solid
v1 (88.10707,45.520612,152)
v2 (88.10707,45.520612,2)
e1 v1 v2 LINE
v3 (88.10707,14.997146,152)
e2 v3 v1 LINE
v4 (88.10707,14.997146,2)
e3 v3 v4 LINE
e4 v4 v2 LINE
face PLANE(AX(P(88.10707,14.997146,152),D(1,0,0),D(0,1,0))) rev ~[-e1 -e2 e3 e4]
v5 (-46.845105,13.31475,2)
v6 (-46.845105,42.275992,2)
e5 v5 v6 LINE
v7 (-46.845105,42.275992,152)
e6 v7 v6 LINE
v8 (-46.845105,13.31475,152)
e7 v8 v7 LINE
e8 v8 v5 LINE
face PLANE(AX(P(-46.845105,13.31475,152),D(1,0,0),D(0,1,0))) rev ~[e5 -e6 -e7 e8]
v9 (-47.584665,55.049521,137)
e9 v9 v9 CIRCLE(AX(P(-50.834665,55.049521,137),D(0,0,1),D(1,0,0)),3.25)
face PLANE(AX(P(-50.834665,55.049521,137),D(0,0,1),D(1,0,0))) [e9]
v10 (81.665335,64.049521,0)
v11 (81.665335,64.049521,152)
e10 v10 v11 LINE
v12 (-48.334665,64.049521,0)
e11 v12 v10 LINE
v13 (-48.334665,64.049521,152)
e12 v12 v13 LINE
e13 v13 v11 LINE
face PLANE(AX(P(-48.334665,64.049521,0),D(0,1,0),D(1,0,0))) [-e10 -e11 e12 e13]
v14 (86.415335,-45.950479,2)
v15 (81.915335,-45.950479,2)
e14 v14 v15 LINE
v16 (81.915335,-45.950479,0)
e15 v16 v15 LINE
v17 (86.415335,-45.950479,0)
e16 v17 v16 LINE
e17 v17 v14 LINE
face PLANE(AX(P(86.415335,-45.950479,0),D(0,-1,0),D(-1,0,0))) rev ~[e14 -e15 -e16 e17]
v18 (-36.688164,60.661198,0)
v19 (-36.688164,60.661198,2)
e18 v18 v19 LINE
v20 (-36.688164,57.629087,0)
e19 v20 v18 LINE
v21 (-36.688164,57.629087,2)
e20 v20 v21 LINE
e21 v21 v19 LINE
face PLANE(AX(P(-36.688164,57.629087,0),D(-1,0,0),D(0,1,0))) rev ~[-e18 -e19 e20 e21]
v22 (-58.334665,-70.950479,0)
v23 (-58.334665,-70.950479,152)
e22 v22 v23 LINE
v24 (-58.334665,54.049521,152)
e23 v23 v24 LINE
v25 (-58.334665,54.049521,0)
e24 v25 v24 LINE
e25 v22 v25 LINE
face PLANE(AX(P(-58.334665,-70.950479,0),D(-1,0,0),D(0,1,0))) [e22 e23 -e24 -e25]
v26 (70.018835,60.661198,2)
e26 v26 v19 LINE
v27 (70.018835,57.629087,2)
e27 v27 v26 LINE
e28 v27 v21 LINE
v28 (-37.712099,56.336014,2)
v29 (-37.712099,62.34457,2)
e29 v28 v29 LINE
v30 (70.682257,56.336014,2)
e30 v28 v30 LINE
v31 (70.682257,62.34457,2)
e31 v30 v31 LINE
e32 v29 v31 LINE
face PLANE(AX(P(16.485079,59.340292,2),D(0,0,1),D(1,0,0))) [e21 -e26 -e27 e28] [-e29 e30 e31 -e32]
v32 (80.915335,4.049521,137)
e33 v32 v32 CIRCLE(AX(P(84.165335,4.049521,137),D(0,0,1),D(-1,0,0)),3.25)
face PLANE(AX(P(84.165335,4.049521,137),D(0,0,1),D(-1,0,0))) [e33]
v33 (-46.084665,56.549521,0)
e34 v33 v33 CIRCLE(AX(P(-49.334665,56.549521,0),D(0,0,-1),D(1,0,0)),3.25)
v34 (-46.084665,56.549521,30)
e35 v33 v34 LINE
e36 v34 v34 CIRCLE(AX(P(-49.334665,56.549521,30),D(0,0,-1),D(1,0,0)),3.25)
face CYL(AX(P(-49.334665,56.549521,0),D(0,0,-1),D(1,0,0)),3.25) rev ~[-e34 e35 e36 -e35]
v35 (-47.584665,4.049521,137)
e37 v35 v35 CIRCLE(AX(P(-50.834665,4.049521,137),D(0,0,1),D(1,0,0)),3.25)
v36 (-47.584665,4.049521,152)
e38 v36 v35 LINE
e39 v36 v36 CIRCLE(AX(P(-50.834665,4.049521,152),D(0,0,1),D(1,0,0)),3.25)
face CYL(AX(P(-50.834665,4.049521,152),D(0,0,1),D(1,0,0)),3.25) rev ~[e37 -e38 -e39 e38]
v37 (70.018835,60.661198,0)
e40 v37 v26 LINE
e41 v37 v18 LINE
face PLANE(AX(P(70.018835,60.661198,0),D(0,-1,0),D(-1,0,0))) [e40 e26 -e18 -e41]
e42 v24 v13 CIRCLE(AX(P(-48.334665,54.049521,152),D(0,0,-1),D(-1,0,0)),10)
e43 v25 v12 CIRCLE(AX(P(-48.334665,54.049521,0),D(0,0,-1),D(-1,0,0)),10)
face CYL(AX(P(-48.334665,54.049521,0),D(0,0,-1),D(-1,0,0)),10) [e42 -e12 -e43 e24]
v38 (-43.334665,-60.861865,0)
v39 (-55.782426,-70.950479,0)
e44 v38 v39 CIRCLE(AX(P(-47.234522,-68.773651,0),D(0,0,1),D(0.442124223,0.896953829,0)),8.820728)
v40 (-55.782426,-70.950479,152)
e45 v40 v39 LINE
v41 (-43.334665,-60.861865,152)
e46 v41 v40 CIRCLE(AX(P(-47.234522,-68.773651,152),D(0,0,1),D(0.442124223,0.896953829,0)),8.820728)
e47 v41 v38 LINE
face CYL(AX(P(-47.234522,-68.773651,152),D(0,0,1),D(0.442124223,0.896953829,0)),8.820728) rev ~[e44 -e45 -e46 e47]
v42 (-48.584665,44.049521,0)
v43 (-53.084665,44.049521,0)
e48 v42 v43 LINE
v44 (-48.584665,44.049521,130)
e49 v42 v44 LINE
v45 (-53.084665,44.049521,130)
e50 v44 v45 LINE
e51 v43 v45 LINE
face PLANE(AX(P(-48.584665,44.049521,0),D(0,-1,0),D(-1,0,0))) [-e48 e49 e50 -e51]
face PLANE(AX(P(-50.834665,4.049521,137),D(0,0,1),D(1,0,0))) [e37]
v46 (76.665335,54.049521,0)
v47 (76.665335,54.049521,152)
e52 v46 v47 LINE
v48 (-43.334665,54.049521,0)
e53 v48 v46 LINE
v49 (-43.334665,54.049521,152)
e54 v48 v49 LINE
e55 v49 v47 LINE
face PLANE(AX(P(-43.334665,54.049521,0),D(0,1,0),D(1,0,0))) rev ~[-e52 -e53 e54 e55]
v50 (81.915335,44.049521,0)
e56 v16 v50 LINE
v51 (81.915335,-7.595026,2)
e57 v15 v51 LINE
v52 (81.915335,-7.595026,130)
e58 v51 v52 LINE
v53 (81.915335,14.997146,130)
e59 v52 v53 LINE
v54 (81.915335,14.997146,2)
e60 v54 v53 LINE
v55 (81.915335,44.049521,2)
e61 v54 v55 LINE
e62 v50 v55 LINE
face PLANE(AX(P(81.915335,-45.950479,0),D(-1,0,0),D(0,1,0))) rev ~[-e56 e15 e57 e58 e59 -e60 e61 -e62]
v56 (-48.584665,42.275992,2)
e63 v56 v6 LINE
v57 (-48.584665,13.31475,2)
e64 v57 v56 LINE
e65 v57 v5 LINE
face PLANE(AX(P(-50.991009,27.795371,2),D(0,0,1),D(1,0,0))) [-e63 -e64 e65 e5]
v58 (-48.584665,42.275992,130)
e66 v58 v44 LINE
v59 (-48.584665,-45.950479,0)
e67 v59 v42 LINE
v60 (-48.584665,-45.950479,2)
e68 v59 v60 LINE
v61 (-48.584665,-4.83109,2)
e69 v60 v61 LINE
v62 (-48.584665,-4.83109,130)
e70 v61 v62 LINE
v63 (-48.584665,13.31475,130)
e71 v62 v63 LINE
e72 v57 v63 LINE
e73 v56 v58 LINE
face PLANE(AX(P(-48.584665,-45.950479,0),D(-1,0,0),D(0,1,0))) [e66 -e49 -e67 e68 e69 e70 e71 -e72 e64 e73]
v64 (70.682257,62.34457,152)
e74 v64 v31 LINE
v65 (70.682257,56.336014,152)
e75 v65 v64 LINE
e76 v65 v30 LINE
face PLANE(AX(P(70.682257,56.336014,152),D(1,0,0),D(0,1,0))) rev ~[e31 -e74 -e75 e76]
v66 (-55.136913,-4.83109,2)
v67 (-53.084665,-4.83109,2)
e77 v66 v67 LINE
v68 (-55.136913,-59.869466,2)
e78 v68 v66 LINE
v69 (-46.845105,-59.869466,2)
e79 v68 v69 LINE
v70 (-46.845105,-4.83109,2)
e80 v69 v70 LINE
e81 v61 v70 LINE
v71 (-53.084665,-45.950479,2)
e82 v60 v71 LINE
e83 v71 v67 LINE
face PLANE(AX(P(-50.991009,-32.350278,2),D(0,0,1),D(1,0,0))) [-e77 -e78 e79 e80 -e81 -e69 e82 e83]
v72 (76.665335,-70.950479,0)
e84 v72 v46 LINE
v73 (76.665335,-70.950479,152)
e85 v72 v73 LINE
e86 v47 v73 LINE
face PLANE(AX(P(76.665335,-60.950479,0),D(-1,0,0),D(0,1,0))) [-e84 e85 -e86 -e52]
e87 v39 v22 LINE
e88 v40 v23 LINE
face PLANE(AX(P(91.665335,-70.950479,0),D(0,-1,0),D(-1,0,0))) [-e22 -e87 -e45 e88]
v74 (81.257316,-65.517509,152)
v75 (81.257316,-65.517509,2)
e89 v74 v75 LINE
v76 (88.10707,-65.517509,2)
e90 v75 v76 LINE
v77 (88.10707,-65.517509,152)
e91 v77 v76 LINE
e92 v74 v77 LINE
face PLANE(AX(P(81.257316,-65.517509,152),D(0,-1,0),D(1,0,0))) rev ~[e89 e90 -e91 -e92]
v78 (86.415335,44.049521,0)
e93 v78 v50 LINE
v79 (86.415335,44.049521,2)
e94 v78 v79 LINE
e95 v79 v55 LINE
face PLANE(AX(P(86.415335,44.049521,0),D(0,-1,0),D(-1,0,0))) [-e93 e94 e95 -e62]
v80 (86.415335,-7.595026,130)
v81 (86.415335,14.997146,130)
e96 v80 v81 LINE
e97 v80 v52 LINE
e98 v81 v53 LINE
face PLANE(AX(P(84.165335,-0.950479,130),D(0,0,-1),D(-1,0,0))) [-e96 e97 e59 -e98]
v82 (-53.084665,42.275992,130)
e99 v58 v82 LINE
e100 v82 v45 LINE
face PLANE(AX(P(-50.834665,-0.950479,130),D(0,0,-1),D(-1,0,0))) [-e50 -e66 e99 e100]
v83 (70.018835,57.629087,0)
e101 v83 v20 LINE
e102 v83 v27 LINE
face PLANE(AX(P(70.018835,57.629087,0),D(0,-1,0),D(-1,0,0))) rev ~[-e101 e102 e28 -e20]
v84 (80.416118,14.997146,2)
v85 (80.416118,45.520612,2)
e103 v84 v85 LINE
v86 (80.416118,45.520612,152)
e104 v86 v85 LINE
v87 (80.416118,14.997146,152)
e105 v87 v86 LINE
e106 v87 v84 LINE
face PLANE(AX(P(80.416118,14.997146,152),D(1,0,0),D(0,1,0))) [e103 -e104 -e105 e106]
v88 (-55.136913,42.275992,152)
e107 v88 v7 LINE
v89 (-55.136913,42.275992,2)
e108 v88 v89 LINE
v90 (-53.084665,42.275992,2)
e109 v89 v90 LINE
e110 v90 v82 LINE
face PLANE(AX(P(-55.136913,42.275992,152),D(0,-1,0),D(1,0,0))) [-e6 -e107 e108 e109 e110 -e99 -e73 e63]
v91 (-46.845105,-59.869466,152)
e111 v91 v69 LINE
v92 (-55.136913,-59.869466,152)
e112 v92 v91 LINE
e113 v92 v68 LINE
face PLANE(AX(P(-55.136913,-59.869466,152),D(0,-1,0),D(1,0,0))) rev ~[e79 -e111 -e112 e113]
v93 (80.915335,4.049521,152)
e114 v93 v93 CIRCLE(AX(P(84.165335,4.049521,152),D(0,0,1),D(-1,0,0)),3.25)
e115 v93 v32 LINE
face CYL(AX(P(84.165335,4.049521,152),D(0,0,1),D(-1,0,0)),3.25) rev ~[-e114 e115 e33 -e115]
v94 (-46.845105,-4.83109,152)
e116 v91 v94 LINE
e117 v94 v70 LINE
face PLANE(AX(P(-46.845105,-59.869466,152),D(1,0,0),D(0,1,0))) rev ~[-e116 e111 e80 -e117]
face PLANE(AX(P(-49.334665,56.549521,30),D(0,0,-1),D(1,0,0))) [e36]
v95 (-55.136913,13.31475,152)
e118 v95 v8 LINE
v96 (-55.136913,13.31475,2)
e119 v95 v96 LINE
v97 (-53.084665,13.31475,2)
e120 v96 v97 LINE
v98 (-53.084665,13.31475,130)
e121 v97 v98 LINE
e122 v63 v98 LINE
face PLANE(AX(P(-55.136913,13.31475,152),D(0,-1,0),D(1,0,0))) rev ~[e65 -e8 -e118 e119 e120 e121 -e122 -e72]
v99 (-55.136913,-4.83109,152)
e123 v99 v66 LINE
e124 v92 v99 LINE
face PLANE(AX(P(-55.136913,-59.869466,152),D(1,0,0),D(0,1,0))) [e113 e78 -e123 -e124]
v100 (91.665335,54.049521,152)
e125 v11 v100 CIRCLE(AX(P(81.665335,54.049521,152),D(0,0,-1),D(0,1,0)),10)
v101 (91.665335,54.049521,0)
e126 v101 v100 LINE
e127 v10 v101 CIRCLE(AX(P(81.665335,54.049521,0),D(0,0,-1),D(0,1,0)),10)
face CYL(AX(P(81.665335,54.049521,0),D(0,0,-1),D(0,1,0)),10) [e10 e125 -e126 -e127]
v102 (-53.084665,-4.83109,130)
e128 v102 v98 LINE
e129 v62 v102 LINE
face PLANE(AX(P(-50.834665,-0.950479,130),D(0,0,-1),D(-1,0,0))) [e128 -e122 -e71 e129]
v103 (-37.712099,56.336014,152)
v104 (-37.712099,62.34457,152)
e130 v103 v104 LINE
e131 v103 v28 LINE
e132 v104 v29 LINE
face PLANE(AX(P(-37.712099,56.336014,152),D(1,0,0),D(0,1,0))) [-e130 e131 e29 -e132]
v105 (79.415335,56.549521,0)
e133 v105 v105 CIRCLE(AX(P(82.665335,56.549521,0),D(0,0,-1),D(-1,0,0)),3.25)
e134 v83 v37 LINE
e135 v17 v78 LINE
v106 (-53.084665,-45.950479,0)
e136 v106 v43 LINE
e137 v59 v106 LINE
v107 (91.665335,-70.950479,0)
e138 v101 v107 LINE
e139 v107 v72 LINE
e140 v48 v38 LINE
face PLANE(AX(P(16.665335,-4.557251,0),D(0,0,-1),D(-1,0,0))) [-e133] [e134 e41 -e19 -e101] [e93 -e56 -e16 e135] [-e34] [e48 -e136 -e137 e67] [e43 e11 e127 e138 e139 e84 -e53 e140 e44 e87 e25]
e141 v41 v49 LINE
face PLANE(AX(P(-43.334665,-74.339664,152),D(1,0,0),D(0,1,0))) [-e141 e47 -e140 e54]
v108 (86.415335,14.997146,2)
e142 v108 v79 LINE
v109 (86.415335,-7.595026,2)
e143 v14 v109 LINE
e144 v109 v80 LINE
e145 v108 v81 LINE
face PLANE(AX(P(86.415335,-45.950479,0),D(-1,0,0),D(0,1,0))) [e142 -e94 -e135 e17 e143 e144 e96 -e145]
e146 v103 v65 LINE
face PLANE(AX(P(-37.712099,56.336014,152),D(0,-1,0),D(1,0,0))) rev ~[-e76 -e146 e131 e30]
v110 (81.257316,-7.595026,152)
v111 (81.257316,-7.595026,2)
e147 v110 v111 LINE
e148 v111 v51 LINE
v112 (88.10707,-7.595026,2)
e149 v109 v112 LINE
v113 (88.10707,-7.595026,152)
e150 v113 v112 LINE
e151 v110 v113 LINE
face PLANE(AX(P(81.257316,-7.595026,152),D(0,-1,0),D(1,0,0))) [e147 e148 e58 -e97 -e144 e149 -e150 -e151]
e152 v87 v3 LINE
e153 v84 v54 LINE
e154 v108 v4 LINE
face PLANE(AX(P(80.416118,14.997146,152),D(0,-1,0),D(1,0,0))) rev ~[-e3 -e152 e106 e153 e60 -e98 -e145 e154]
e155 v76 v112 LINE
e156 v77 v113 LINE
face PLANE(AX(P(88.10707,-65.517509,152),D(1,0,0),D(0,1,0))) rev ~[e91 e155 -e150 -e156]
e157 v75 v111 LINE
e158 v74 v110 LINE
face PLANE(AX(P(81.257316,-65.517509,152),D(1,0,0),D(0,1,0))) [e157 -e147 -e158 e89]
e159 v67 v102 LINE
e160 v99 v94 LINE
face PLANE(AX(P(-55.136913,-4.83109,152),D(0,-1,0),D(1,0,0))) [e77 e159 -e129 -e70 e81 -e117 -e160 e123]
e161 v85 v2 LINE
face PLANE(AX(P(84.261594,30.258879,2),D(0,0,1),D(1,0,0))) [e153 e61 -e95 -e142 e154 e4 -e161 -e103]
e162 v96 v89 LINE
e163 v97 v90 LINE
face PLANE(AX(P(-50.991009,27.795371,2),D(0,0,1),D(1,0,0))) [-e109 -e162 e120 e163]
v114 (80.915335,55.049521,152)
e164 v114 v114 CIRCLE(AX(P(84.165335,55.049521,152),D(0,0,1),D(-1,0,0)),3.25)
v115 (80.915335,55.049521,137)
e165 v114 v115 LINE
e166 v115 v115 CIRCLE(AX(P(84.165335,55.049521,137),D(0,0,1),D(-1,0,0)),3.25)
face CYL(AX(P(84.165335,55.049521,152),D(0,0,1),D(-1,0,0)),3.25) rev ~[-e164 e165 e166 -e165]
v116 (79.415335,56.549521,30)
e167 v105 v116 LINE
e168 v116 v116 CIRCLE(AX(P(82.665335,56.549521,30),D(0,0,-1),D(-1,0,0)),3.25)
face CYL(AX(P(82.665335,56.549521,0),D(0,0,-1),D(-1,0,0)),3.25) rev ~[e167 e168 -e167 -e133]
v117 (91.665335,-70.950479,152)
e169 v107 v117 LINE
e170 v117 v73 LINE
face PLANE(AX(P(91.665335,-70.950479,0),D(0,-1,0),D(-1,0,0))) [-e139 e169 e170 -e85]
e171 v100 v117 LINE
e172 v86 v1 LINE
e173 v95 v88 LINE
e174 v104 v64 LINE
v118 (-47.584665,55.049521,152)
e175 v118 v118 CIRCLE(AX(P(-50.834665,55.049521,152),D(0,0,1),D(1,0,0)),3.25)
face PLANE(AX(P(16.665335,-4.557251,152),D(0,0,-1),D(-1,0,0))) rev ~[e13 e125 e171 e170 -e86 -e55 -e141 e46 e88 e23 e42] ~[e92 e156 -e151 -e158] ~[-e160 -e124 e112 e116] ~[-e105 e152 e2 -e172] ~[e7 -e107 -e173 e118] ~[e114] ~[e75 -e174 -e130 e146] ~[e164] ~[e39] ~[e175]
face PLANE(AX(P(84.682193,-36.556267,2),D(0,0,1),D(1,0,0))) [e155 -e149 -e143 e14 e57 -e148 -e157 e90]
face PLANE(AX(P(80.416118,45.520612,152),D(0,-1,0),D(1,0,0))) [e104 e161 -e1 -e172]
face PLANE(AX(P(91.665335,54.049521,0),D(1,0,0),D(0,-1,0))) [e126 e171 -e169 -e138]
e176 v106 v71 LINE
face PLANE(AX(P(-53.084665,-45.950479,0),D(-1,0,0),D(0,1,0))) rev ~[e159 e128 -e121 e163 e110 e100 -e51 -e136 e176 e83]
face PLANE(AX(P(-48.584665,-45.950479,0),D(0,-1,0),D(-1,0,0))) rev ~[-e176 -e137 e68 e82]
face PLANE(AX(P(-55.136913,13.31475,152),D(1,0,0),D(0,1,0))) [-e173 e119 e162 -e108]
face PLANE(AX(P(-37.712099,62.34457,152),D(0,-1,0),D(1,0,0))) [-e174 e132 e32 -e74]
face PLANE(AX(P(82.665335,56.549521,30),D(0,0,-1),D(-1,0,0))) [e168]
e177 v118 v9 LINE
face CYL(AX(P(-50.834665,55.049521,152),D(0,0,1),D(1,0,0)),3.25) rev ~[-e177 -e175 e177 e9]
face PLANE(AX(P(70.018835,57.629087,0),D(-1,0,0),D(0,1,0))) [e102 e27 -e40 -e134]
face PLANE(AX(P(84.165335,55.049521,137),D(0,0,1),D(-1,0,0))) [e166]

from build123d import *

# Parameters (mm, degrees)
SKETCH2_W           = 120
SKETCH2_H           = 115
BOSS_EXTRUDE1_DEPTH = 152
SKETCH3_W           = 120
SKETCH3_H           = 13.389184999
CUT_EXTRUDE1_DEPTH  = 192.155706765
SKETCH5_R           = 3.25
CUT_EXTRUDE2_DEPTH  = 30
SKETCH6_W           = 4.5
SKETCH6_H           = 90
SKETCH6_W_2         = 106.706999447
SKETCH6_H_2         = 3.032111459
CUT_EXTRUDE4_DEPTH  = 130
SKETCH7_R           = 3.25
CUT_EXTRUDE5_DEPTH  = 15
SKETCH8_W           = 8.291807731
SKETCH8_H           = 28.961241497
SKETCH8_H_2         = 55.038375958
SKETCH8_W_2         = 108.394356143
SKETCH8_H_3         = 6.008556327
SKETCH8_W_3         = 7.690952099
SKETCH8_H_4         = 30.523466142
SKETCH8_W_4         = 6.849754213
SKETCH8_H_5         = 57.922482994
CUT_EXTRUDE6_DEPTH  = 150
CUT_EXTRUDE7_DEPTH  = 192.155706765


with BuildPart() as part:
    # Sketch2 → Boss-Extrude1 (new body)
    with BuildSketch(Plane.XY):
        with BuildLine():
            Line((-48.334664537, 64.049520767), (81.665335463, 64.049520767))
            ThreePointArc((81.665335463, 64.049520767), (88.736403275, 61.120588579), (91.665335463, 54.049520767))
            Line((91.665335463, 54.049520767), (91.665335463, -70.950479233))
            Line((91.665335463, -70.950479233), (-58.334664537, -70.950479233))
            Line((-58.334664537, -70.950479233), (-58.334664537, 54.049520767))
            ThreePointArc((-58.334664537, 54.049520767), (-55.405732349, 61.120588579), (-48.334664537, 64.049520767))
        make_face()
        with Locations((16.665335463, -3.450479233)):
            Rectangle(SKETCH2_W, SKETCH2_H, mode=Mode.SUBTRACT)
    extrude(amount=BOSS_EXTRUDE1_DEPTH)

    # Sketch3 → Cut-Extrude1 (cut, through all)
    with BuildSketch(Plane.XY.offset(152)):
        with Locations((16.665335463, -67.645071732)):
            Rectangle(SKETCH3_W, SKETCH3_H)
    extrude(amount=-CUT_EXTRUDE1_DEPTH, mode=Mode.SUBTRACT)

    # Sketch5 → Cut-Extrude2 (cut)
    with BuildSketch(Plane(origin=(0, 0, 0), x_dir=(-1, 0, 0), z_dir=(0, 0, -1))):
        with Locations((-82.665335463, 56.549520767)):
            Circle(SKETCH5_R)
        with Locations((49.334664537, 56.549520767)):
            Circle(SKETCH5_R)
    extrude(amount=-CUT_EXTRUDE2_DEPTH, mode=Mode.SUBTRACT)

    # Sketch6 → Cut-Extrude4 (cut)
    with BuildSketch(Plane(origin=(0, 0, 0), x_dir=(-1, 0, 0), z_dir=(0, 0, -1))):
        with Locations((50.834664537, -0.950479233)):
            Rectangle(SKETCH6_W, SKETCH6_H)
        with Locations((-84.165335463, -0.950479233)):
            Rectangle(SKETCH6_W, SKETCH6_H)
        with Locations((-16.665335464, 59.14514242)):
            Rectangle(SKETCH6_W_2, SKETCH6_H_2)
    extrude(amount=-CUT_EXTRUDE4_DEPTH, mode=Mode.SUBTRACT)

    # Sketch7 → Cut-Extrude5 (cut)
    with BuildSketch(Plane.XY.offset(152)):
        with Locations((-50.834664537, 55.049520767)):
            Circle(SKETCH7_R)
        with Locations((-50.834664537, 4.049520767)):
            Circle(SKETCH7_R)
        with Locations((84.165335463, 4.049520767)):
            Circle(SKETCH7_R)
        with Locations((84.165335463, 55.049520767)):
            Circle(SKETCH7_R)
    extrude(amount=-CUT_EXTRUDE5_DEPTH, mode=Mode.SUBTRACT)

    # Sketch8 → Cut-Extrude6 (cut)
    with BuildSketch(Plane.XY.offset(152)):
        with Locations((-50.991008781, 27.795371112)):
            Rectangle(SKETCH8_W, SKETCH8_H)
        with Locations((-50.991008781, -32.350277723)):
            Rectangle(SKETCH8_W, SKETCH8_H_2)
        with Locations((16.485078773, 59.340291831)):
            Rectangle(SKETCH8_W_2, SKETCH8_H_3)
        with Locations((84.261594145, 30.258879207)):
            Rectangle(SKETCH8_W_3, SKETCH8_H_4)
        with Locations((84.682193087, -36.556267152)):
            Rectangle(SKETCH8_W_4, SKETCH8_H_5)
    extrude(amount=-CUT_EXTRUDE6_DEPTH, mode=Mode.SUBTRACT)

    # Sketch9 → Cut-Extrude7 (cut, through all)
    with BuildSketch(Plane.XY.offset(152)):
        with BuildLine():
            Line((-55.78242584, -70.950479233), (-43.00561738, -70.950479233))
            Line((-43.00561738, -70.950479233), (-43.00561738, -60.861864812))
            Line((-43.00561738, -60.861864812), (-43.334664537, -60.861864812))
            ThreePointArc((-43.334664537, -60.861864812), (-52.78845028, -61.92097783), (-55.78242584, -70.950479233))
        make_face()
    extrude(amount=-CUT_EXTRUDE7_DEPTH, mode=Mode.SUBTRACT)


solid = part.part
